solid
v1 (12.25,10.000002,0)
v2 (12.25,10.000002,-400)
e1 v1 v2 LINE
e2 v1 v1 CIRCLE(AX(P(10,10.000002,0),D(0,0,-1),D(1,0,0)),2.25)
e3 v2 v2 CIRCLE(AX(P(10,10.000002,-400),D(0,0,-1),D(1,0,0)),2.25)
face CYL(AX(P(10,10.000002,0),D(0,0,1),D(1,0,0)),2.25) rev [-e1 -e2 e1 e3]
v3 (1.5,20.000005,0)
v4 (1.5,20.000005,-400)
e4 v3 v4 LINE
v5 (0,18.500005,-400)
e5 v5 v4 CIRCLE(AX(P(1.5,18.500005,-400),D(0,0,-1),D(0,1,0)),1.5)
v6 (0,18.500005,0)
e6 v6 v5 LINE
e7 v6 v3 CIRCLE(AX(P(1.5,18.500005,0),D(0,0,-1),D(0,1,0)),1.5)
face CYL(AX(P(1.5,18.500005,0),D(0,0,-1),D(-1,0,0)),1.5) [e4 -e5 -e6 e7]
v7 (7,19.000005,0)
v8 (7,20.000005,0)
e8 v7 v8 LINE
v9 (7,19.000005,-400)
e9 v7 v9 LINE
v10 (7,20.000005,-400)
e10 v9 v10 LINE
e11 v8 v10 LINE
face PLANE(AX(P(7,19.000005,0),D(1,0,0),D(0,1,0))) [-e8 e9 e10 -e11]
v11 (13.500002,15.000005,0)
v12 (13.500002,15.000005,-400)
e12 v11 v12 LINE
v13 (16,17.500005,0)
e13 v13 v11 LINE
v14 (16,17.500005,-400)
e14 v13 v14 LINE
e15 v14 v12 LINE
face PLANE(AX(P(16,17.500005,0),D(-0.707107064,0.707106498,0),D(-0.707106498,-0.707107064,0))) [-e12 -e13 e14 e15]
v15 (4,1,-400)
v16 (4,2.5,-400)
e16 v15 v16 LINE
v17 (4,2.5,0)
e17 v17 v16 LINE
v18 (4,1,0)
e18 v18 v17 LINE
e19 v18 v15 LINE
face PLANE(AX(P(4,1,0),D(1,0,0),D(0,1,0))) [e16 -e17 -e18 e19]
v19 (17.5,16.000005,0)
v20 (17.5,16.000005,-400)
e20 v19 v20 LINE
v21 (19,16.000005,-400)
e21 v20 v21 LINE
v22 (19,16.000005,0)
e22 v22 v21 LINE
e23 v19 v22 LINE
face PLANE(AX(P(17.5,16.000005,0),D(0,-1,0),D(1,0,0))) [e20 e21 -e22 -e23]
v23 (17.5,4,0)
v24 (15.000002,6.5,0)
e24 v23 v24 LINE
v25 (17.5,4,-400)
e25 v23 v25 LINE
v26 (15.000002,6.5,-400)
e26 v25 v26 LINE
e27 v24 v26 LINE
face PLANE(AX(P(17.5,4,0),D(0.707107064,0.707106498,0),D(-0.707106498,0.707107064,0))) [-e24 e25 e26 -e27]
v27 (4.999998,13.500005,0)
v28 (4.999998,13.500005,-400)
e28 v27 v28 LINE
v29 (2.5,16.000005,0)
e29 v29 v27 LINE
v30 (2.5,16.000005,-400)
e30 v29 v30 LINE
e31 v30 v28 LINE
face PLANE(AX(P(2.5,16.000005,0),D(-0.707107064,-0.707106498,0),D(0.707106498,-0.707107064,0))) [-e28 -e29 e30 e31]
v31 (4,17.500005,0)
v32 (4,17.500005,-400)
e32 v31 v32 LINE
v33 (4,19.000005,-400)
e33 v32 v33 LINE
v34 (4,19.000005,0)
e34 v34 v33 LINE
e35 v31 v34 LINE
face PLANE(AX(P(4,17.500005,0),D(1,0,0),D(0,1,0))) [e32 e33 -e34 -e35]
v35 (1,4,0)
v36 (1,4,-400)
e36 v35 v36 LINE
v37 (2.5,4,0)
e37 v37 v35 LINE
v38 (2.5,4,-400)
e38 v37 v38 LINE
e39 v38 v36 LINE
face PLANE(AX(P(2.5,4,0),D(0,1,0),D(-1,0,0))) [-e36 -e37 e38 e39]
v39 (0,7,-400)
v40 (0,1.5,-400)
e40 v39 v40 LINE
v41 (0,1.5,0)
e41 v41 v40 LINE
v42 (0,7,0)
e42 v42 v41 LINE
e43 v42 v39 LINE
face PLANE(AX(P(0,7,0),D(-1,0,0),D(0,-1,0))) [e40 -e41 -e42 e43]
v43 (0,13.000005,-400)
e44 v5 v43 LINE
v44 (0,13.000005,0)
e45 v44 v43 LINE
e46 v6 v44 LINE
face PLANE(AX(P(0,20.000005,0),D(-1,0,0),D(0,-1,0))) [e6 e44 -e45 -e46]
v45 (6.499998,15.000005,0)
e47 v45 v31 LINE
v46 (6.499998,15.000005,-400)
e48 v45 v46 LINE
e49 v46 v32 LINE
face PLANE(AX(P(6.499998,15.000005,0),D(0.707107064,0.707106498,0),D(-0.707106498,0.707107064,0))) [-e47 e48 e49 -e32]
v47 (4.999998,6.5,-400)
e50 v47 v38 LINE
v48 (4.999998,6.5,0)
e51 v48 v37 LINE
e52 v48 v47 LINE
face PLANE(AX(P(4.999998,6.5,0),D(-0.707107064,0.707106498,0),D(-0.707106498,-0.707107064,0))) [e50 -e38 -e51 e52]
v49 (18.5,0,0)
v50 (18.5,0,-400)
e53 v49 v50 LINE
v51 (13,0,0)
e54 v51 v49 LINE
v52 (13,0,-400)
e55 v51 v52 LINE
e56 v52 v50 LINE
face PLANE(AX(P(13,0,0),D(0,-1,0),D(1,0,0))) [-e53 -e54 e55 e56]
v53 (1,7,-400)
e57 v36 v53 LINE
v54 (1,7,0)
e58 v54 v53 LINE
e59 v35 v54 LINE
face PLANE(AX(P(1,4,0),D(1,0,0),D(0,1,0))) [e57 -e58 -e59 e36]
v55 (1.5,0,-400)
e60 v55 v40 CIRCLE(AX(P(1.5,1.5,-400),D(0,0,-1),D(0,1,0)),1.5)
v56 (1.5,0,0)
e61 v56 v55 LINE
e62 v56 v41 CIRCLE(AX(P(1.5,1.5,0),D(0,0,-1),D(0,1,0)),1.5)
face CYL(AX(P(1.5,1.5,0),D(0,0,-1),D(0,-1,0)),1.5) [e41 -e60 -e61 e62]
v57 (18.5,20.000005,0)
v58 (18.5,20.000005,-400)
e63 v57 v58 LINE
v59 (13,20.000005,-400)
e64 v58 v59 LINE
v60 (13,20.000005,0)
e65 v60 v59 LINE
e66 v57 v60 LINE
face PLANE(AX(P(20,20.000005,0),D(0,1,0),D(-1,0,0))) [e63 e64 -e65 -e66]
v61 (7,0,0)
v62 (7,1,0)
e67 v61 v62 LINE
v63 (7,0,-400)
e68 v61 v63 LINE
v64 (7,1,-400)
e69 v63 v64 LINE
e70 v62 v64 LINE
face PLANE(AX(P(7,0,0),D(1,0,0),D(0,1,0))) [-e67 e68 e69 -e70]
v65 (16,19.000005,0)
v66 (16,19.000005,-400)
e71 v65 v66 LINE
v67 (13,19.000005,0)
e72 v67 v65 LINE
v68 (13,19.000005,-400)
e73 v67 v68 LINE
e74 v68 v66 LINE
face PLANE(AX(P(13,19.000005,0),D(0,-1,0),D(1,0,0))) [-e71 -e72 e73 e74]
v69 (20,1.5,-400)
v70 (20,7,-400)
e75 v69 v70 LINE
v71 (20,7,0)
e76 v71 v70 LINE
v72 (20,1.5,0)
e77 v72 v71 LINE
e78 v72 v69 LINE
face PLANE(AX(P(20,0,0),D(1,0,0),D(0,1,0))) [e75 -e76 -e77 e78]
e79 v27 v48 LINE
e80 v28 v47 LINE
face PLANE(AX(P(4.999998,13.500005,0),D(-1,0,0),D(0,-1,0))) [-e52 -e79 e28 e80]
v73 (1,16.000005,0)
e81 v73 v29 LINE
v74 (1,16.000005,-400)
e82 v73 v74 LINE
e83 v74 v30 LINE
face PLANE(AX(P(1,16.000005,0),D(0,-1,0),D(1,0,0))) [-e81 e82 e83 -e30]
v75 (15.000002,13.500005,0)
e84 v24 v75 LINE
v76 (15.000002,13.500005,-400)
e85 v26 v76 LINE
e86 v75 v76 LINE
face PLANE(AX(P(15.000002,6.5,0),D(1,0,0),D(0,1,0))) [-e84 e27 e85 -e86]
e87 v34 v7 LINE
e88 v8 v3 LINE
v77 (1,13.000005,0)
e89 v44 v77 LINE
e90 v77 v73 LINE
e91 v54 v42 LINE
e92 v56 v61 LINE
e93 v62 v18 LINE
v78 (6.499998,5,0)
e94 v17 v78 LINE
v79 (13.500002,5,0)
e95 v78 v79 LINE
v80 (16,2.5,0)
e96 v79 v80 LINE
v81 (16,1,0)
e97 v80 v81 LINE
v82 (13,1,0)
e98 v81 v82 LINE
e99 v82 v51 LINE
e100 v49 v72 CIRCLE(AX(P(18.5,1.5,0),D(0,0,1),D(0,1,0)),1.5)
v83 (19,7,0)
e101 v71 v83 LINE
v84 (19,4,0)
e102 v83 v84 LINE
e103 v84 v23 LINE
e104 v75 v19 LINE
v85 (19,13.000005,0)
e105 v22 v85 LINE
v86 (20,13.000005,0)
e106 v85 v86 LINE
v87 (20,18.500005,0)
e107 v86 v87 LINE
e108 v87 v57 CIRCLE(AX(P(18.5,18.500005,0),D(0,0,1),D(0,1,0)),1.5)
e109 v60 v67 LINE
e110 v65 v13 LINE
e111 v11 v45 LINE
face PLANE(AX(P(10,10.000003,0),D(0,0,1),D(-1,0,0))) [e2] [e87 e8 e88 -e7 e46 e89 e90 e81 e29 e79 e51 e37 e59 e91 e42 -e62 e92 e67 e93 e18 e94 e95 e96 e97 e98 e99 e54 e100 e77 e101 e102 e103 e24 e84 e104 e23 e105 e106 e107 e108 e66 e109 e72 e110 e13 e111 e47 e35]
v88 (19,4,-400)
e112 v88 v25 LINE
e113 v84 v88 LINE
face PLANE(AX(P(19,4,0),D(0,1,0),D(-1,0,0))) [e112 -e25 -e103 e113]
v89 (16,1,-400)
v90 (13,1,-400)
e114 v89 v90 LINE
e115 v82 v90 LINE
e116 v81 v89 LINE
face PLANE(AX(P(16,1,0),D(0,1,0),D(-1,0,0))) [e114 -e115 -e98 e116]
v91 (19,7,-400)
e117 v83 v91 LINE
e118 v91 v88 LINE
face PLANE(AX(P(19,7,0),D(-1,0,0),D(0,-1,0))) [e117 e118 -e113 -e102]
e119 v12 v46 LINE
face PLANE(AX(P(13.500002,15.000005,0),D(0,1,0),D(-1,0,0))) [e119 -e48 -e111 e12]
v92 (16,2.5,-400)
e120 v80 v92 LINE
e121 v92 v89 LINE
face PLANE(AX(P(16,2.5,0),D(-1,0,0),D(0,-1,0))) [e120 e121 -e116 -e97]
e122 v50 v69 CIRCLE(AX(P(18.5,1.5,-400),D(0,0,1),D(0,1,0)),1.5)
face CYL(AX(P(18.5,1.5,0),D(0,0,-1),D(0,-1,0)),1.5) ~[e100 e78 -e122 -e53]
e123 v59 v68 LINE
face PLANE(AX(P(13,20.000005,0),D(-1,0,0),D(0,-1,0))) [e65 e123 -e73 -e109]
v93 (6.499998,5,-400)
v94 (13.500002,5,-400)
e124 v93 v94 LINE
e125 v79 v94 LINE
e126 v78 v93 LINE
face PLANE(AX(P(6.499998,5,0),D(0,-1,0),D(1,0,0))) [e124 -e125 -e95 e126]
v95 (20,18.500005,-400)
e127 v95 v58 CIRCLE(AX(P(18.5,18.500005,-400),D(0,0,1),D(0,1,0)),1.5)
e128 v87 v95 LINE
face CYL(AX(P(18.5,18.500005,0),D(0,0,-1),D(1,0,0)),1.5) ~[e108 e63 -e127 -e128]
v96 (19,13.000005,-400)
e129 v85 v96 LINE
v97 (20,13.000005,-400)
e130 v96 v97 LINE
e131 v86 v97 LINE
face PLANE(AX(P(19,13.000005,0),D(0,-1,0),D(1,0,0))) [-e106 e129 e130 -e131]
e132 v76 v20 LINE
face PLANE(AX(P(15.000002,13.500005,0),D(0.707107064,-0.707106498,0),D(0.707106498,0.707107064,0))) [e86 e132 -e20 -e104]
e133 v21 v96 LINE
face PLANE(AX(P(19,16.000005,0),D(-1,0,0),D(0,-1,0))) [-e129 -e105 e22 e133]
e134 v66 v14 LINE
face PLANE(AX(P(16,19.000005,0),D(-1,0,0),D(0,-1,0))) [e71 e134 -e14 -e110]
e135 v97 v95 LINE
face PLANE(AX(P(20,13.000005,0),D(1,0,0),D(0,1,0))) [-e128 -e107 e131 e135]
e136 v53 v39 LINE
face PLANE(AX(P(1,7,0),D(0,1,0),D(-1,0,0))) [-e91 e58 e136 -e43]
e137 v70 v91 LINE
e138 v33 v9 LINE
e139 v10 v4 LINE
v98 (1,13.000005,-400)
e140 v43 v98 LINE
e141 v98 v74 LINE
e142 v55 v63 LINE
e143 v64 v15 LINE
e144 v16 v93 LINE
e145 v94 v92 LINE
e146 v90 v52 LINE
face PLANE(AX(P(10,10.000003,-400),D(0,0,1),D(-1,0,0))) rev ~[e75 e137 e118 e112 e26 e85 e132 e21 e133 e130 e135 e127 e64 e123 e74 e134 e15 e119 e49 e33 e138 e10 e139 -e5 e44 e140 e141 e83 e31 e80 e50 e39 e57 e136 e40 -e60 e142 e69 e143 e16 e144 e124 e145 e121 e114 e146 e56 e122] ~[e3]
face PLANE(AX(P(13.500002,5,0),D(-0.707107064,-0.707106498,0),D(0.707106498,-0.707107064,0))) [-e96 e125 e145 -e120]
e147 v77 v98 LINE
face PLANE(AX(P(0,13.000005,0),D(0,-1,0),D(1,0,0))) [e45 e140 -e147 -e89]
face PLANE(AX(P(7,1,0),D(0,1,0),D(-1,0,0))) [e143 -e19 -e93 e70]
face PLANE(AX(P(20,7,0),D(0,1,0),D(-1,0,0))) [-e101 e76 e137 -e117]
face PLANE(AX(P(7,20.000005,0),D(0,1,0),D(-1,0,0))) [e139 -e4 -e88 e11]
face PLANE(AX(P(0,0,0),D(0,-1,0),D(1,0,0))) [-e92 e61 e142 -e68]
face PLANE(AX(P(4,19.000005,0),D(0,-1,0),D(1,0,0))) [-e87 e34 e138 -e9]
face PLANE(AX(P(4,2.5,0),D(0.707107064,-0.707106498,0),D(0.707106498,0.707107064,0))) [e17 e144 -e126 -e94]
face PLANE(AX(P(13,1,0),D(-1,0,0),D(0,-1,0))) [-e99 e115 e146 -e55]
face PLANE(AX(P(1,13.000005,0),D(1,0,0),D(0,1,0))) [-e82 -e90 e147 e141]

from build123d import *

# Parameters (mm, degrees)
SKETCH_R  = 2.25
PAD_DEPTH = 400
FILLET_R  = 1.5


with BuildPart() as part:
    # Sketch → Pad (new body)
    with BuildSketch(Plane(origin=(0, 0, 0), x_dir=(1, 0, 0), z_dir=(0, 0, -1))):
        Polygon((7, 0), (7, -1), (4, -1), (4, -2.5), (6.499998, -5), (13.500002, -5), (16, -2.5), (16, -1), (13, -1), (13, 0), (20, 0), (20, -7), (19, -7), (19, -4), (17.5, -4), (15.000002, -6.5), (15.000002, -13.500005), (17.5, -16.000005), (19, -16.000005), (19, -13.000005), (20, -13.000005), (20, -20.000005), (13, -20.000005), (13, -19.000005), (16, -19.000005), (16, -17.500005), (13.500002, -15.000005), (6.499998, -15.000005), (4, -17.500005), (4, -19.000005), (7, -19.000005), (7, -20.000005), (0, -20.000005), (0, -13.000005), (1, -13.000005), (1, -16.000005), (2.5, -16.000005), (4.999998, -13.500005), (4.999998, -6.5), (2.5, -4), (1, -4), (1, -7), (0, -7), (0, 0), align=None)
        with Locations((10, -10.000002)):
            Circle(SKETCH_R, mode=Mode.SUBTRACT)
    extrude(amount=PAD_DEPTH)

    # Fillet
    fillet_edges = [part.edges().sort_by_distance(p)[0] for p in [
        (20, 20.000005, -200),
        (20, 0, -200),
        (0, 20.000005, -200),
        (0, 0, -200),
    ]]
    fillet(fillet_edges, radius=FILLET_R)


solid = part.part
